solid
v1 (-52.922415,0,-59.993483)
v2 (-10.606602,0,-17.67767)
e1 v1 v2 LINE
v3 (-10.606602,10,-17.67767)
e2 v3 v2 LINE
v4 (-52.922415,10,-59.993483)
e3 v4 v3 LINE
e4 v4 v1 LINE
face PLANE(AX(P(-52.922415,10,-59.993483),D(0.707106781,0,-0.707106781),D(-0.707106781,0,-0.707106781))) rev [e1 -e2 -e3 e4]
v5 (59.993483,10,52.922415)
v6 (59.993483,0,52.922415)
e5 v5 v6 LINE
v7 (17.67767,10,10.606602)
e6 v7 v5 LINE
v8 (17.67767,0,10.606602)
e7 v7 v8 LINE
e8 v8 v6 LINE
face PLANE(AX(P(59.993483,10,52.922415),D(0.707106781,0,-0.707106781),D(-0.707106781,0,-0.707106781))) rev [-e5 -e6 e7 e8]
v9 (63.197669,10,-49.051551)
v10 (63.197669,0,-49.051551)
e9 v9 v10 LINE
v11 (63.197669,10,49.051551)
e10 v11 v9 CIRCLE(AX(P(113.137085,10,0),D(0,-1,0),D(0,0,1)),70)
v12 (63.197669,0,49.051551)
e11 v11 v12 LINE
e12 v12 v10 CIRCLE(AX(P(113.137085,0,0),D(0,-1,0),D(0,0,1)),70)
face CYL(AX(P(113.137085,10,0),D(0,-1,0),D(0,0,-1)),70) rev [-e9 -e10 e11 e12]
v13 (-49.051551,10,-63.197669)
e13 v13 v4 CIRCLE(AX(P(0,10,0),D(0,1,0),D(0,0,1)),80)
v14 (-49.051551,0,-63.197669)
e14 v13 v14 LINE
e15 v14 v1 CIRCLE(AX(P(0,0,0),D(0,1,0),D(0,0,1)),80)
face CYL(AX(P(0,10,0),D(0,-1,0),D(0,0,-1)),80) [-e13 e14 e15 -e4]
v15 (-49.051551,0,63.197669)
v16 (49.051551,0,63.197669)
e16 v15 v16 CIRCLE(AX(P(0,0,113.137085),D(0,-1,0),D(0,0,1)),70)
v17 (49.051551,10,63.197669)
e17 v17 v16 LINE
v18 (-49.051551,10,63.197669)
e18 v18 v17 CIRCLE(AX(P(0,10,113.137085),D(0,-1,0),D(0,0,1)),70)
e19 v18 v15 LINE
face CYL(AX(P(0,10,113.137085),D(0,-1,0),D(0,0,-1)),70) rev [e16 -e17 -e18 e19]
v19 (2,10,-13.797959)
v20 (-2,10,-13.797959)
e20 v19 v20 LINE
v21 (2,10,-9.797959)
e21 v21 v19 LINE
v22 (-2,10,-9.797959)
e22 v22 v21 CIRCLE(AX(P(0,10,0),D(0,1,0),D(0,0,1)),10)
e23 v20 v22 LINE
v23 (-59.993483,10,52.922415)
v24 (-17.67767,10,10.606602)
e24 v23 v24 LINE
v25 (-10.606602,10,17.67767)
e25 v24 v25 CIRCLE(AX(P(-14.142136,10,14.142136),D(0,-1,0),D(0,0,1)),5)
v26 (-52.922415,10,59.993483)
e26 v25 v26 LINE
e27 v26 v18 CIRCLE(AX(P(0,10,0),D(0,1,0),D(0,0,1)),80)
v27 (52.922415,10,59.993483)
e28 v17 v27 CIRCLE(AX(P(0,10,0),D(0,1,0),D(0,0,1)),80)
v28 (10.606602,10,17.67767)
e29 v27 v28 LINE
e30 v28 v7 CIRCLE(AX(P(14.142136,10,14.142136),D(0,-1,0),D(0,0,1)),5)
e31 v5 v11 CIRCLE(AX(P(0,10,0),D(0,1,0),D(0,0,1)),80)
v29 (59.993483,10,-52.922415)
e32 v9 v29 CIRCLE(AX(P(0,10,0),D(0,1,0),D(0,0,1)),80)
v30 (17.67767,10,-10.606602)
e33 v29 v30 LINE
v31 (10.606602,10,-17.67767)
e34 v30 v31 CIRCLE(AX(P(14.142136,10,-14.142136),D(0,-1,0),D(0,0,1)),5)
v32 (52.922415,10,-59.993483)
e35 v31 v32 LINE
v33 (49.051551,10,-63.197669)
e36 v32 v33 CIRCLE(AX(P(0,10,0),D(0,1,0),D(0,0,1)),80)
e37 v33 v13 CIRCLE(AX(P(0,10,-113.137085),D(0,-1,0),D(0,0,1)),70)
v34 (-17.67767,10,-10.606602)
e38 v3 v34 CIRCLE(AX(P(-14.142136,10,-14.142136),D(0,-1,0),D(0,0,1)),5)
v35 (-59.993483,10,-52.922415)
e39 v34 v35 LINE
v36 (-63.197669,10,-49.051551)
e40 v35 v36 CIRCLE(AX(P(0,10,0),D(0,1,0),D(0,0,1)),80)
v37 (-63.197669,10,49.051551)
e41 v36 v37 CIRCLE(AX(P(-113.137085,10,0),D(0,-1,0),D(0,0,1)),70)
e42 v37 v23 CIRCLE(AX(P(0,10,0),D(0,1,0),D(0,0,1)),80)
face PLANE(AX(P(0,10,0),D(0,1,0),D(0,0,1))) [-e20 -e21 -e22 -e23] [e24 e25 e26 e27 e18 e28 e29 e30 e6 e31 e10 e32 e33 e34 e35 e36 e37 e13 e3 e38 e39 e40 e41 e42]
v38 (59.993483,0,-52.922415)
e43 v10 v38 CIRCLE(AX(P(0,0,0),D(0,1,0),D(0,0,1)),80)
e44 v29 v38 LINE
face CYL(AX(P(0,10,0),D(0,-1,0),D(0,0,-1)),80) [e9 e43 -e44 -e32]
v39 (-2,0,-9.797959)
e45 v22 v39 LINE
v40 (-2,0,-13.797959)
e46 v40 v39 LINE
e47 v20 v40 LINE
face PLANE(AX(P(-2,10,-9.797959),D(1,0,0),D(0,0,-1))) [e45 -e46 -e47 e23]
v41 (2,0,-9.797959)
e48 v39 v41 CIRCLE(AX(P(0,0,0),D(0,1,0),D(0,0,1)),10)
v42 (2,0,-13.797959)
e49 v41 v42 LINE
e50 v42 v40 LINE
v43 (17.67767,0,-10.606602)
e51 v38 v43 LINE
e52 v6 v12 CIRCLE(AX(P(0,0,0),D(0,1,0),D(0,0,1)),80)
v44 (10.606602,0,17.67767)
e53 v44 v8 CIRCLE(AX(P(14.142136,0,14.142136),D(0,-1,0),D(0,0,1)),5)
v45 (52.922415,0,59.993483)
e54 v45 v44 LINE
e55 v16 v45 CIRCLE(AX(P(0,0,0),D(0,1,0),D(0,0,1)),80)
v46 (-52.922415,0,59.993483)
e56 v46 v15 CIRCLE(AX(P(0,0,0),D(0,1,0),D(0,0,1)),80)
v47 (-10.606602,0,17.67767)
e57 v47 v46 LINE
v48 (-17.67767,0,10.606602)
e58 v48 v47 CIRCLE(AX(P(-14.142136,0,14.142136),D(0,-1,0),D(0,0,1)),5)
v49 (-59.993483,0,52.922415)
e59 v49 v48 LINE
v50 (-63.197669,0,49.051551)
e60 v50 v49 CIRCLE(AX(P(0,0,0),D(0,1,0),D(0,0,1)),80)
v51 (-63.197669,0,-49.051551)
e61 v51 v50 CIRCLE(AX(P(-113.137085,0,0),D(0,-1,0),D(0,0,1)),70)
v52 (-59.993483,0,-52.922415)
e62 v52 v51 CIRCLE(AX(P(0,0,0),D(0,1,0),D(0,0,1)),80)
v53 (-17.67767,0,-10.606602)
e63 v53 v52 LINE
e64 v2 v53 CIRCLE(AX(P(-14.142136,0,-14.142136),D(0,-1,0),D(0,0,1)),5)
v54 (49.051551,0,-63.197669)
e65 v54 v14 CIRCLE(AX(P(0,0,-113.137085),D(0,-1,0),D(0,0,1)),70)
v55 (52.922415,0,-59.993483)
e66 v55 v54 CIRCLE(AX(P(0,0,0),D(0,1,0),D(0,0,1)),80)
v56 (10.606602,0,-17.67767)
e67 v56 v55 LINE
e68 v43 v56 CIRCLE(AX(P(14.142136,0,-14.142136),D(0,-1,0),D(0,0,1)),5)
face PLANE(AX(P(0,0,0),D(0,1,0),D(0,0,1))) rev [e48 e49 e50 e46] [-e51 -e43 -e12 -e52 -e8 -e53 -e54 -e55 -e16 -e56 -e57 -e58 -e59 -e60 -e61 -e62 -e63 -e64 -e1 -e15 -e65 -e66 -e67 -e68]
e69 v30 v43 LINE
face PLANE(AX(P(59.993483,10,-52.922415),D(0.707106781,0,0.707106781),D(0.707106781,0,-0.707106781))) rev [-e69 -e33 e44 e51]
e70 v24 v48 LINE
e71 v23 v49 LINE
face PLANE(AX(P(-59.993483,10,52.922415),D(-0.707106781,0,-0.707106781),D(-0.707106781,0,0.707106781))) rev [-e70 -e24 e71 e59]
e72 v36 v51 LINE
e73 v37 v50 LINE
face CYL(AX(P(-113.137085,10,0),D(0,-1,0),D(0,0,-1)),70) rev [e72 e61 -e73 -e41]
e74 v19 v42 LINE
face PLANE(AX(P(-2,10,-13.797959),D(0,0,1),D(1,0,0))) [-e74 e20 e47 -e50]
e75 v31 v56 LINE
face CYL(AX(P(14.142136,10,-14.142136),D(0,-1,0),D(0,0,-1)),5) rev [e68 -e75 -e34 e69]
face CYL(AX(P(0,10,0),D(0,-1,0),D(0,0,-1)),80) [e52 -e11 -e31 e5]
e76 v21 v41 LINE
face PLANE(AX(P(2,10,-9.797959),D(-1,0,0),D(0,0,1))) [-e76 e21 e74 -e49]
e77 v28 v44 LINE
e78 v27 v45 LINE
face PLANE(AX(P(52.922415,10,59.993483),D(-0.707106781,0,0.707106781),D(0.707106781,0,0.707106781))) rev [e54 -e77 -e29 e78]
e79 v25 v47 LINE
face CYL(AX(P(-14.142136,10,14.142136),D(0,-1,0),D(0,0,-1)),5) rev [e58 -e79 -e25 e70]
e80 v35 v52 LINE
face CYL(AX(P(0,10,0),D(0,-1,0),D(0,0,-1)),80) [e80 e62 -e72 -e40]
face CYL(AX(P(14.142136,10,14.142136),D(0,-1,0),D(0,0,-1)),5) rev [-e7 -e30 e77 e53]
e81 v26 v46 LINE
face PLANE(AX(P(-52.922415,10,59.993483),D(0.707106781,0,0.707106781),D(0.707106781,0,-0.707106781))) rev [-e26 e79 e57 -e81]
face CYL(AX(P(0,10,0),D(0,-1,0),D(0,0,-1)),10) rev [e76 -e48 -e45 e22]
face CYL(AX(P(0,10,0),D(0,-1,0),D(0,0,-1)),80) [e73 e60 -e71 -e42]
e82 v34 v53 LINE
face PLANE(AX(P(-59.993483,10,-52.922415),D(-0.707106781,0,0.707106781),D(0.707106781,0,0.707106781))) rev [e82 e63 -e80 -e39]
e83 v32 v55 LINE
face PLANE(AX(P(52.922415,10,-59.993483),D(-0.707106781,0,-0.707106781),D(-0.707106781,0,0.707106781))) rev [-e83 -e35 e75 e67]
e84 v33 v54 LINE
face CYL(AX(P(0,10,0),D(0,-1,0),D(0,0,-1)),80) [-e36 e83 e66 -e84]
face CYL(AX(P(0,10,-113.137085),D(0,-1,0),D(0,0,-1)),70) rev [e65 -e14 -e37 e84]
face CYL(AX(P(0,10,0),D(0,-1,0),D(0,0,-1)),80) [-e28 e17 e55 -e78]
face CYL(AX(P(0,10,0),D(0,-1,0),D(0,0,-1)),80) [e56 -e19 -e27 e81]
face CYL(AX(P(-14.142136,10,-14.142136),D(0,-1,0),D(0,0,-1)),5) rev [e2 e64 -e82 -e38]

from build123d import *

# Parameters (mm, degrees)
EXTRUDE_1_DEPTH = 10


with BuildPart() as part:
    # 草图1 → 凸台-拉伸1 (new body)
    with BuildSketch(Plane(origin=(0, 0, 0), x_dir=(1, 0, 0), z_dir=(0, 1, 0))):
        with BuildLine():
            Line((59.993482859, 52.922415047), (17.67766953, 10.606601718))
            ThreePointArc((17.67766953, 10.606601718), (10.606601718, 10.606601718), (10.606601718, 17.67766953))
            Line((10.606601718, 17.67766953), (52.922415047, 59.993482859))
            ThreePointArc((52.922415047, 59.993482859), (51.012147139, 61.625975402), (49.05155132, 63.197668573))
            ThreePointArc((49.05155132, 63.197668573), (0, 43.137085), (-49.05155132, 63.197668573))
            ThreePointArc((-49.05155132, 63.197668573), (-51.012147139, 61.625975402), (-52.922415047, 59.993482859))
            Line((-52.922415047, 59.993482859), (-10.606601718, 17.67766953))
            ThreePointArc((-10.606601718, 17.67766953), (-10.606601718, 10.606601718), (-17.67766953, 10.606601718))
            Line((-17.67766953, 10.606601718), (-59.993482859, 52.922415047))
            ThreePointArc((-59.993482859, 52.922415047), (-61.625975402, 51.012147139), (-63.197668573, 49.05155132))
            ThreePointArc((-63.197668573, 49.05155132), (-43.137085, 0), (-63.197668573, -49.05155132))
            ThreePointArc((-63.197668573, -49.05155132), (-61.625975402, -51.012147139), (-59.993482859, -52.922415047))
            Line((-59.993482859, -52.922415047), (-17.67766953, -10.606601718))
            ThreePointArc((-17.67766953, -10.606601718), (-10.606601718, -10.606601718), (-10.606601718, -17.67766953))
            Line((-10.606601718, -17.67766953), (-52.922415047, -59.993482859))
            ThreePointArc((-52.922415047, -59.993482859), (-51.012147139, -61.625975402), (-49.05155132, -63.197668573))
            ThreePointArc((-49.05155132, -63.197668573), (0, -43.137085), (49.05155132, -63.197668573))
            ThreePointArc((49.05155132, -63.197668573), (51.012147139, -61.625975402), (52.922415047, -59.993482859))
            Line((52.922415047, -59.993482859), (10.606601718, -17.67766953))
            ThreePointArc((10.606601718, -17.67766953), (10.606601718, -10.606601718), (17.67766953, -10.606601718))
            Line((17.67766953, -10.606601718), (59.993482859, -52.922415047))
            ThreePointArc((59.993482859, -52.922415047), (61.625975402, -51.012147139), (63.197668573, -49.05155132))
            ThreePointArc((63.197668573, -49.05155132), (43.137085, 0), (63.197668573, 49.05155132))
            ThreePointArc((63.197668573, 49.05155132), (61.625975402, 51.012147139), (59.993482859, 52.922415047))
        make_face()
        with BuildLine():
            Line((-2, 9.797958971), (-2, 13.797958971))
            Line((-2, 13.797958971), (2, 13.797958971))
            Line((2, 13.797958971), (2, 9.797958971))
            ThreePointArc((2, 9.797958971), (0, -10), (-2, 9.797958971))
        make_face(mode=Mode.SUBTRACT)
    extrude(amount=EXTRUDE_1_DEPTH)


solid = part.part
